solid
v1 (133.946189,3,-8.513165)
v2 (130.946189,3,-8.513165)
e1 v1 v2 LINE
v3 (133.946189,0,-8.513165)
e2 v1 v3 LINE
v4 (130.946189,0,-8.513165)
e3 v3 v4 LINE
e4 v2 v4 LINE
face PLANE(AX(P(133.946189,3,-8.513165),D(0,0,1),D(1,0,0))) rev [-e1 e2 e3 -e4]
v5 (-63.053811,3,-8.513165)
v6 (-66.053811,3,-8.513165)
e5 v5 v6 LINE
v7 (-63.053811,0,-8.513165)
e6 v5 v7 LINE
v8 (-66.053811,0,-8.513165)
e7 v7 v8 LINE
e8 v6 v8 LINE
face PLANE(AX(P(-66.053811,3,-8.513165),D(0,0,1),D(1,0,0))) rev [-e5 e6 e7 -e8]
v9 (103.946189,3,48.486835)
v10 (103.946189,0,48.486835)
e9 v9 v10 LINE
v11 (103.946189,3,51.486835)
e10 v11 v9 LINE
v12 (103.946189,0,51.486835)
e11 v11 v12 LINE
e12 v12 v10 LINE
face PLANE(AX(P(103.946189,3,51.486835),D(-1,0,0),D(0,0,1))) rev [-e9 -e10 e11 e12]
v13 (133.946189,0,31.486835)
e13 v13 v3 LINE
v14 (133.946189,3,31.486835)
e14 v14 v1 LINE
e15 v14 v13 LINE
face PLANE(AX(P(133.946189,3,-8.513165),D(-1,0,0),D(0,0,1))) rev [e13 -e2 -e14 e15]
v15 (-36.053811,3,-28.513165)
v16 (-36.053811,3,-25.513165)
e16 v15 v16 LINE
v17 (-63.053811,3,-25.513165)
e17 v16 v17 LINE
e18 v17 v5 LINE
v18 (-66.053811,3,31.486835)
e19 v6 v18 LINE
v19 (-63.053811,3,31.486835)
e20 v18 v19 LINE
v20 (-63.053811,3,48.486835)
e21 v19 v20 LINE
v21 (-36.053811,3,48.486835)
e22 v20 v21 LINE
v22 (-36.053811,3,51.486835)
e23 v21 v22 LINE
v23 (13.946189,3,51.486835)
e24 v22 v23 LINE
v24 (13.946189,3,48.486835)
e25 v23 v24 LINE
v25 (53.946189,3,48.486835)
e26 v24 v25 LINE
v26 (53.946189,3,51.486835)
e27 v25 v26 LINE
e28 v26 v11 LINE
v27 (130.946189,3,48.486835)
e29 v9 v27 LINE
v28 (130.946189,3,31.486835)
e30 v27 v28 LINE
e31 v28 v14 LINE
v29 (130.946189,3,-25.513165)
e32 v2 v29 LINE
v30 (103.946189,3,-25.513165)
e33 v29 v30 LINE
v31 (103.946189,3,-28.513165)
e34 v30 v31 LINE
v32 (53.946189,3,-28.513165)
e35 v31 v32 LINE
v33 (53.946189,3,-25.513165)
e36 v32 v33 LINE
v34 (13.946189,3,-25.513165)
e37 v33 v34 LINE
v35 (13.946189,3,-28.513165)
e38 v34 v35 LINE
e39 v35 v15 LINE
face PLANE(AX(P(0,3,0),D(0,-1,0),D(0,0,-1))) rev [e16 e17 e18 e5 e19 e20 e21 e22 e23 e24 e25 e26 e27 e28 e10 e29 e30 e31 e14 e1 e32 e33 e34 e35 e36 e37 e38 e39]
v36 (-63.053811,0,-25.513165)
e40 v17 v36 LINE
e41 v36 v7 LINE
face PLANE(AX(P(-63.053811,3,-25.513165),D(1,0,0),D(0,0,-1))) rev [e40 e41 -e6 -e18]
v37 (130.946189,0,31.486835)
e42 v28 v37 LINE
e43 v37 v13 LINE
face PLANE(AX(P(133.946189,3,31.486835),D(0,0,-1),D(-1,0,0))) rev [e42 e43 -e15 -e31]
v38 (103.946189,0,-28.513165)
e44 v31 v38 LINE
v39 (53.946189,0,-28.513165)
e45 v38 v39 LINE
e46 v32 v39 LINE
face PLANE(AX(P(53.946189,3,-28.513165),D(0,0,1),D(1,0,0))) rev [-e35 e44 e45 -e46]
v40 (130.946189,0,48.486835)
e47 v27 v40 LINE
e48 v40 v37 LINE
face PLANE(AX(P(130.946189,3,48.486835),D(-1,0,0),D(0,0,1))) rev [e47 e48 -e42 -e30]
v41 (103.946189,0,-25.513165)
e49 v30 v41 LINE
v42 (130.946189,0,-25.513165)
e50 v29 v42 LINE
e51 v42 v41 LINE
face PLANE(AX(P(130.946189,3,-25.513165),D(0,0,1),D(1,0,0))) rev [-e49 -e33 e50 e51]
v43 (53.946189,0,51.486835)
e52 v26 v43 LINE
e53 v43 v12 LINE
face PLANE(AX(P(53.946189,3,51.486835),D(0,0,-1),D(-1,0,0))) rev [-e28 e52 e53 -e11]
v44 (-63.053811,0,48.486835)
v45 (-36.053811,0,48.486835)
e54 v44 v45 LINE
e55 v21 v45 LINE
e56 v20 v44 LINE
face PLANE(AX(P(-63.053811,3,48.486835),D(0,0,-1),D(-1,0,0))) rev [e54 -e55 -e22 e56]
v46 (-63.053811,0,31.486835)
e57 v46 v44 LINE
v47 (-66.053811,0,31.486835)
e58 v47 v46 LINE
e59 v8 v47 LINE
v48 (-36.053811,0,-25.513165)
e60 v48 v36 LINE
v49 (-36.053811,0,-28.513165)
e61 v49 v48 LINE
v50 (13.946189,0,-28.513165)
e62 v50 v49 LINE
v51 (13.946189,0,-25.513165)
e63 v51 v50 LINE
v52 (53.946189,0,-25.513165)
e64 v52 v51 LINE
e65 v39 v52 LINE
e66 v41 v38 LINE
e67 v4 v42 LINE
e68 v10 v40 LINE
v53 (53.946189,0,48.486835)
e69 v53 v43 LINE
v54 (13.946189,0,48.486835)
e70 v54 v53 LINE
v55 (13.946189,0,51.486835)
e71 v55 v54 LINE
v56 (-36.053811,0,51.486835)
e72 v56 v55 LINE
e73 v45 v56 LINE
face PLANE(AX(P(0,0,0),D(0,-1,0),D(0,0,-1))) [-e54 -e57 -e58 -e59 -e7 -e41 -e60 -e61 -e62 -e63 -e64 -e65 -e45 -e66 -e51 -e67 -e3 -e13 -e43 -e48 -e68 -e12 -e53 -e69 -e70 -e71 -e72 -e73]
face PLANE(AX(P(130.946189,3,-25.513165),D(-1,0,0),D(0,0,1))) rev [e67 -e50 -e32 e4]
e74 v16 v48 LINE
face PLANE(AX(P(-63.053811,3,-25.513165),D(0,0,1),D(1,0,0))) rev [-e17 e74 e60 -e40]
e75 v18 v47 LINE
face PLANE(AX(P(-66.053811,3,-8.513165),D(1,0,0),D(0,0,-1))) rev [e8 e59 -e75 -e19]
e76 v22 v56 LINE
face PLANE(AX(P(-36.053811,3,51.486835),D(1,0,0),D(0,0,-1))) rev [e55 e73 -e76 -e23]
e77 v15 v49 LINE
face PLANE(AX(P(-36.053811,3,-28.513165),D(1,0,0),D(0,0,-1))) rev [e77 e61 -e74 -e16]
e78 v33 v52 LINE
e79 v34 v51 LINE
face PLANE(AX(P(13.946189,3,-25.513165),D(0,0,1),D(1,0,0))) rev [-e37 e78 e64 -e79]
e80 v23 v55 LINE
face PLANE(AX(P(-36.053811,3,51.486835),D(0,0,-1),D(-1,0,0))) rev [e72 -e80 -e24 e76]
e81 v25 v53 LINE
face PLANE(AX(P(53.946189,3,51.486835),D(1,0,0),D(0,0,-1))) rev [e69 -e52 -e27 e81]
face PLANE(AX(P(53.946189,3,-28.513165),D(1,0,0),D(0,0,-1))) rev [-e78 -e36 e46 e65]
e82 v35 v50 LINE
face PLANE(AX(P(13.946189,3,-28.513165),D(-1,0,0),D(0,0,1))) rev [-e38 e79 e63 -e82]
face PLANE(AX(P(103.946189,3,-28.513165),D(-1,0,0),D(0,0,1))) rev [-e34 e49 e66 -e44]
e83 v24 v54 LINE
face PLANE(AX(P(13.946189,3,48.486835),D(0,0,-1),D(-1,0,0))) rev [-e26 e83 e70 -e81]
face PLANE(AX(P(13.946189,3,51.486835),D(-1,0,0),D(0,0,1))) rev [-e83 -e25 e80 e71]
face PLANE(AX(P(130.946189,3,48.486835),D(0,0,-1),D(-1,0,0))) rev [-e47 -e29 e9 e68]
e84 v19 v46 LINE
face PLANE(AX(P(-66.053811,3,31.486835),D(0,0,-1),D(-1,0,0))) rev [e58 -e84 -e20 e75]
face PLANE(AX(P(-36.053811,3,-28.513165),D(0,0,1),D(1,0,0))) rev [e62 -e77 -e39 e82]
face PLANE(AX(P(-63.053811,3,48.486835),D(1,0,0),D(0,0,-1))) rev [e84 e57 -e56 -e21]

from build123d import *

# Parameters (mm, degrees)
BOSS_EXTRU_1_DEPTH = 3


with BuildPart() as part:
    # Esquisse1 → Boss.-Extru.1 (new body)
    with BuildSketch(Plane(origin=(0, 0, 0), x_dir=(1, 0, 0), z_dir=(0, 1, 0))):
        Polygon((-36.05381075, 28.513165436), (13.94618925, 28.513165436), (13.94618925, 25.513165436), (53.94618925, 25.513165436), (53.94618925, 28.513165436), (103.94618925, 28.513165436), (103.94618925, 25.513165436), (130.94618925, 25.513165436), (130.94618925, 8.513165436), (133.94618925, 8.513165436), (133.94618925, -31.486834564), (130.94618925, -31.486834564), (130.94618925, -48.486834564), (103.94618925, -48.486834564), (103.94618925, -51.486834564), (53.94618925, -51.486834564), (53.94618925, -48.486834564), (13.94618925, -48.486834564), (13.94618925, -51.486834564), (-36.05381075, -51.486834564), (-36.05381075, -48.486834564), (-63.05381075, -48.486834564), (-63.05381075, -31.486834564), (-66.05381075, -31.486834564), (-66.05381075, 8.513165436), (-63.05381075, 8.513165436), (-63.05381075, 25.513165436), (-36.05381075, 25.513165436), align=None)
    extrude(amount=BOSS_EXTRU_1_DEPTH)


solid = part.part
